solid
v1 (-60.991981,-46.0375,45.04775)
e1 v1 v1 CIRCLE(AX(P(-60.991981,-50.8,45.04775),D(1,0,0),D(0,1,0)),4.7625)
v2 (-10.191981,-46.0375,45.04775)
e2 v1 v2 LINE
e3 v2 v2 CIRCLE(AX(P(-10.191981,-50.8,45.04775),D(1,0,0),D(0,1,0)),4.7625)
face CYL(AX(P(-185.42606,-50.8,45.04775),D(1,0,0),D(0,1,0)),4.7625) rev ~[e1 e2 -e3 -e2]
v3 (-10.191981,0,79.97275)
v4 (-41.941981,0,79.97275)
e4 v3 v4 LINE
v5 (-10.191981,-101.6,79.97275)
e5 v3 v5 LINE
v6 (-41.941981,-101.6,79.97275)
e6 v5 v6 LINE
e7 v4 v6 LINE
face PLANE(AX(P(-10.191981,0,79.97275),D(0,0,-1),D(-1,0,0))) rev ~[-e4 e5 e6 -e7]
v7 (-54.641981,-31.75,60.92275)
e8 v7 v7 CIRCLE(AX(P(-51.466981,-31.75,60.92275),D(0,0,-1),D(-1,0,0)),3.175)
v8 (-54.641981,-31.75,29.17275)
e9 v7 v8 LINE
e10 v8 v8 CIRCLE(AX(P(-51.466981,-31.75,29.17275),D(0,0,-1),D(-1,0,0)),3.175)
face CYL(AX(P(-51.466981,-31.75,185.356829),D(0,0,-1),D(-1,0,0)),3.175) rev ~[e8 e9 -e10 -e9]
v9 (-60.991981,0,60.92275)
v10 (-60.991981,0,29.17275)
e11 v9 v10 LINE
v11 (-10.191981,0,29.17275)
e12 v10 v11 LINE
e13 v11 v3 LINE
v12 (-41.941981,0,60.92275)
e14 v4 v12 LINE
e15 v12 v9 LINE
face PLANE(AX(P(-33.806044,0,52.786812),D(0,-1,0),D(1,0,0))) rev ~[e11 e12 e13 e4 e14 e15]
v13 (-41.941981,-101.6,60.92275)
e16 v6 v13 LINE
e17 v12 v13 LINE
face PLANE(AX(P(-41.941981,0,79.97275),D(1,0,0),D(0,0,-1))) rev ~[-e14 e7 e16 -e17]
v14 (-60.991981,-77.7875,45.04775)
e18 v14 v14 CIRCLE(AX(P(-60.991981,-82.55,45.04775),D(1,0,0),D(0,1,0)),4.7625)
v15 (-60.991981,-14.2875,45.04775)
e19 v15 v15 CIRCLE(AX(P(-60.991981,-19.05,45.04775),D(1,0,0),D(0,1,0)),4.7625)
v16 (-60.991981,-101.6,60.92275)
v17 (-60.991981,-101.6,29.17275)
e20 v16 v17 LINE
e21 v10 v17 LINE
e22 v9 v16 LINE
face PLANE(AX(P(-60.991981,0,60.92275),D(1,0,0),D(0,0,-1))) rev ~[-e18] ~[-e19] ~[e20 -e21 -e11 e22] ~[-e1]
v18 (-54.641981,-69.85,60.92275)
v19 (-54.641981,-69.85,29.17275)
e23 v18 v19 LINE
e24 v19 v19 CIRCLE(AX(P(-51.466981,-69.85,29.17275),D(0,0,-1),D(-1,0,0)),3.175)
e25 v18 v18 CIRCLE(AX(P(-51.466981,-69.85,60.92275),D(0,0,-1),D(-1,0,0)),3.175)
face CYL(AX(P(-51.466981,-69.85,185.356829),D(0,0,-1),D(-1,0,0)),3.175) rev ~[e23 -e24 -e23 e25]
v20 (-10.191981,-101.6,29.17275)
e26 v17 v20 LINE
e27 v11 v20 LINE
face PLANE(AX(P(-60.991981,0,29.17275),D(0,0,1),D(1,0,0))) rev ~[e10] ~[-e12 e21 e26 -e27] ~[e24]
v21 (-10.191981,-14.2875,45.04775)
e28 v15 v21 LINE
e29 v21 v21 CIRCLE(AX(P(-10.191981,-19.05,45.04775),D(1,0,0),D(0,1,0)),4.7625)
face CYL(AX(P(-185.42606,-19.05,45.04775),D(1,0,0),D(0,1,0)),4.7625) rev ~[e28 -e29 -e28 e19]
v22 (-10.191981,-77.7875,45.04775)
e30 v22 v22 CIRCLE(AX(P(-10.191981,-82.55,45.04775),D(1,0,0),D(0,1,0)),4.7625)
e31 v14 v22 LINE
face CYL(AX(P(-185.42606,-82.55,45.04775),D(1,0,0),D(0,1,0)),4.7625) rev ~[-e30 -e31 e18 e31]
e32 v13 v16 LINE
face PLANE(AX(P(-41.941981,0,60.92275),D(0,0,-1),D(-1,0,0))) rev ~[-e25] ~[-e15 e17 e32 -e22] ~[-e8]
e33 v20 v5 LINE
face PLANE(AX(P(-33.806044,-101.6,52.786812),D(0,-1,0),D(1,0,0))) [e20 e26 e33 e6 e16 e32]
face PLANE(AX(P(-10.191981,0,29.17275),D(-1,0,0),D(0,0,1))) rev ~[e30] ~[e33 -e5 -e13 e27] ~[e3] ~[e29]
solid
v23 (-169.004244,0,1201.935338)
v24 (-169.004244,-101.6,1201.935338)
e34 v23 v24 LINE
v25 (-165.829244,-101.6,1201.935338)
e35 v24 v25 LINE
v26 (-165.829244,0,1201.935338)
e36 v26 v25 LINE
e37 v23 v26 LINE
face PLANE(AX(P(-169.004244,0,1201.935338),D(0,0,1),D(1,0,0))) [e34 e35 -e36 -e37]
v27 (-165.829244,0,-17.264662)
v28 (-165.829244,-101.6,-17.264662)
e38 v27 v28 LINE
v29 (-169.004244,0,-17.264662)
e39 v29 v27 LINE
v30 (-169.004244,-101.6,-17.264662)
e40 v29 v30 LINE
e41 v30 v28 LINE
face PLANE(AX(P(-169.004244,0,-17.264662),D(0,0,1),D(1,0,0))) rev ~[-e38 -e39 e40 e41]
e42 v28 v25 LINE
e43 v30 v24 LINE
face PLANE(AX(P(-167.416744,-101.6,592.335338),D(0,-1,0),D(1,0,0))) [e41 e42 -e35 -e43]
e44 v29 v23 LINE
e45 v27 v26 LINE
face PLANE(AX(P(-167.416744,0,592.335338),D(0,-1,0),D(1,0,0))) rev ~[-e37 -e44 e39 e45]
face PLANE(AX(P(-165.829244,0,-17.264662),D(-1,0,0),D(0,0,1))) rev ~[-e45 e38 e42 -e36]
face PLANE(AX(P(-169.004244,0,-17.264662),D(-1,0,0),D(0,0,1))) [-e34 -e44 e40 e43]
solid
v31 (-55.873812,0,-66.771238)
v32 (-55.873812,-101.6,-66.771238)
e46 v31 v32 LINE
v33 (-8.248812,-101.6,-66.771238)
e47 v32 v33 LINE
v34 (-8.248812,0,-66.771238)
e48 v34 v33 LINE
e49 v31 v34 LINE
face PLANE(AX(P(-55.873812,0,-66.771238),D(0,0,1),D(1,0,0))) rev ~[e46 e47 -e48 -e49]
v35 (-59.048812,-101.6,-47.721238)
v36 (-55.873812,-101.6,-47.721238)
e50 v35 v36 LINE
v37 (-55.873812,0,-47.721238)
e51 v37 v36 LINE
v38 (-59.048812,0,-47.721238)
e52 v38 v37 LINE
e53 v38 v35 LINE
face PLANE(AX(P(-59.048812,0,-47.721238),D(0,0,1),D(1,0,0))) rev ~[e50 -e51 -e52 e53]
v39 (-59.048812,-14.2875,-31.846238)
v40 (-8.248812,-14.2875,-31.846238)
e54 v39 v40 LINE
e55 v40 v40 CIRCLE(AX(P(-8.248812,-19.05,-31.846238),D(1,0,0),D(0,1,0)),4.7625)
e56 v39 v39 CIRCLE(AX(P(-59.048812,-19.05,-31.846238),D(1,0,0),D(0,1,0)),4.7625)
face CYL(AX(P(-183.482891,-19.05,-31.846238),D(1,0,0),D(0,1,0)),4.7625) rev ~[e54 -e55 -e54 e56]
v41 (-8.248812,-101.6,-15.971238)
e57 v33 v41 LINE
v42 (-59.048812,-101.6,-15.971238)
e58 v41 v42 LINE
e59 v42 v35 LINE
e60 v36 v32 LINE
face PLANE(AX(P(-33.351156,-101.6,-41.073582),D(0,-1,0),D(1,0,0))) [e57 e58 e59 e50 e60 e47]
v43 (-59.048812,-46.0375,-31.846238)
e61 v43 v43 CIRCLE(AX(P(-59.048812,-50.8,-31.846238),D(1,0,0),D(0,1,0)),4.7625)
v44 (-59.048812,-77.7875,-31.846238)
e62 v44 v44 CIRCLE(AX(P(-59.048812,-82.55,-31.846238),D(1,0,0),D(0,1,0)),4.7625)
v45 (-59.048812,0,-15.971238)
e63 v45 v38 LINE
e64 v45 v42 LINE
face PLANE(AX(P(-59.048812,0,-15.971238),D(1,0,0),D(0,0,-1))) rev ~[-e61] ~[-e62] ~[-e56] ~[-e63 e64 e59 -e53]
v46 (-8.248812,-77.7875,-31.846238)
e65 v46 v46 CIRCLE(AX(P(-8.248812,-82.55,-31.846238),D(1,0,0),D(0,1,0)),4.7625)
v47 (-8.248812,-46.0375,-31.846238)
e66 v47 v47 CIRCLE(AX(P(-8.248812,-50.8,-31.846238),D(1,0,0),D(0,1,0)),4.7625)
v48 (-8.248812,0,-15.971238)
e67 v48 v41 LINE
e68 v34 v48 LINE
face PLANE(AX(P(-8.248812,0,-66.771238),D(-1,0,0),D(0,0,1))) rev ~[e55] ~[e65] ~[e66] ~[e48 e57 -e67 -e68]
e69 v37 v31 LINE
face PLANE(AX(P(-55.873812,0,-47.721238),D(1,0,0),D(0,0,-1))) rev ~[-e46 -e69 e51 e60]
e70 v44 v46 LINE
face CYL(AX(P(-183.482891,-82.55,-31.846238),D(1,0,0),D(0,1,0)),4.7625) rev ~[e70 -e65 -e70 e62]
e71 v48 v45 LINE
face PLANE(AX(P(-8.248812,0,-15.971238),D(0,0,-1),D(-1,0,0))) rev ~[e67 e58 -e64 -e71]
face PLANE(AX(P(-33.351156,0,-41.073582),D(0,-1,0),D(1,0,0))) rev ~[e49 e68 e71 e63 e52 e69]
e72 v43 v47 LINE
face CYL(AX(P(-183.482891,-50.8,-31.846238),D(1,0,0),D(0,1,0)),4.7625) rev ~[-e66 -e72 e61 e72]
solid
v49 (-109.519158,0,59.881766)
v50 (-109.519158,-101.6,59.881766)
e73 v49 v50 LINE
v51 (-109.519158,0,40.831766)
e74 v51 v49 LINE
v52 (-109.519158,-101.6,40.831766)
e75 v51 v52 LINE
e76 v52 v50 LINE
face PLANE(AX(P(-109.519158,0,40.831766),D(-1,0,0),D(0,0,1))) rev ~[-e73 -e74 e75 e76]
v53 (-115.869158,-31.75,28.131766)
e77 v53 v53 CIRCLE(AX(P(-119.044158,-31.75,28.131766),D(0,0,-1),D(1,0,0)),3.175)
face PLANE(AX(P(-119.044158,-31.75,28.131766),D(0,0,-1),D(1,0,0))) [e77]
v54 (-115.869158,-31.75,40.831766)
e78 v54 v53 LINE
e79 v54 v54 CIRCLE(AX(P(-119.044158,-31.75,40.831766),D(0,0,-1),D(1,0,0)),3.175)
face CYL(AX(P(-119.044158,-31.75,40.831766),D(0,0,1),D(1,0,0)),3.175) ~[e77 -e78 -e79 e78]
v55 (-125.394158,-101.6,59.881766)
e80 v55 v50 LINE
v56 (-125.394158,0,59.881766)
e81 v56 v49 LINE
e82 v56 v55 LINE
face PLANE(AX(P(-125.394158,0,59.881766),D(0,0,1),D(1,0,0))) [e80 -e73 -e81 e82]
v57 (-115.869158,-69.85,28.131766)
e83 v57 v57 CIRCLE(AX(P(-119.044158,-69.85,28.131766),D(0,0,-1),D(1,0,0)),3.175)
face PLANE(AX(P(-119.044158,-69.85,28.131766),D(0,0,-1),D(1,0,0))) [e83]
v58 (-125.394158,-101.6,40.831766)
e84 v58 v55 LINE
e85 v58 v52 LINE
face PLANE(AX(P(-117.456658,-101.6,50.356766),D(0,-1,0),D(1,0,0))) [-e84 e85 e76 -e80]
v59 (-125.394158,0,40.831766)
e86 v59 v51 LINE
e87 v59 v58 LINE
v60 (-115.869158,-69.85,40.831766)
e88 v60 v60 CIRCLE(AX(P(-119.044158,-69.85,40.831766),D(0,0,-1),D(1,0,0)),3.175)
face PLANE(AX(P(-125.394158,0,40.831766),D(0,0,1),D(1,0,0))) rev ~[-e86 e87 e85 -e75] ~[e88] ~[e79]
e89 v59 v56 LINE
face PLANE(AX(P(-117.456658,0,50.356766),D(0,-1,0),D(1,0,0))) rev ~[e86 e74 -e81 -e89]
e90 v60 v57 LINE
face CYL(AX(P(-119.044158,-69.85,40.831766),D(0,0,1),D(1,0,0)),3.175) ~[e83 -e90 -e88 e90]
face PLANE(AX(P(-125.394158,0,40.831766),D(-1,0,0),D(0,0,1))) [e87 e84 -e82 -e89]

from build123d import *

# Parameters (mm, degrees)
F0_W      = 15.875
F0_H      = 19.05
F1_DEPTH  = 101.6
F2_DEPTH  = 101.6
F3_DEPTH  = 101.6
F5_D      = 6.35
F7_D      = 9.525
F8_R      = 3.175
F9_DEPTH  = 12.7
F11_D     = 9.525
F12_W     = 3.175
F12_H     = 1219.2
F13_DEPTH = 101.6


with BuildPart() as f1:
    # F0 (on Front) → F1 (new body)
    with BuildSketch(Plane.XZ):
        with Locations((-117.4566584981, 50.3567663363)):
            Rectangle(F0_W, F0_H)
    extrude(amount=F1_DEPTH)

    # F8 (on face) → F9 (join)
    with BuildSketch(Plane(origin=(0, 0, 40.8317663363), x_dir=(1, 0, 0), z_dir=(0, 0, -1))):
        with Locations((-119.0441584981, 69.85)):
            Circle(F8_R)
        with Locations((-119.0441584981, 31.75)):
            Circle(F8_R)
    extrude(amount=F9_DEPTH)


with BuildPart() as f2:
    # F0 (on Front) → F2 (new body)
    with BuildSketch(Plane.XZ):
        Polygon((-41.9419813405, 60.9227498979), (-60.9919813405, 60.9227498979), (-60.9919813405, 29.1727498979), (-10.1919813405, 29.1727498979), (-10.1919813405, 79.9727498979), (-41.9419813405, 79.9727498979), align=None)
    extrude(amount=F2_DEPTH)

    # F5 (through all)
    with Locations(Plane.XY.offset(60.9227498979)):
        with Locations((-51.4669813405, -31.75), (-51.4669813405, -69.85)):
            Hole(F5_D / 2)

    # F7 (through all)
    with Locations(Plane(origin=(-60.9919813405, 0, 0), x_dir=(0, -1, 0), z_dir=(-1, 0, 0))):
        with Locations((19.05, 45.0477498979), (50.8, 45.0477498979), (82.55, 45.0477498979)):
            Hole(F7_D / 2)


with BuildPart() as f3:
    # F0 (on Front) → F3 (new body)
    with BuildSketch(Plane.XZ):
        Polygon((-8.2488123913, -15.9712382287), (-59.0488123913, -15.9712382287), (-59.0488123913, -47.7212382287), (-55.8738123913, -47.7212382287), (-55.8738123913, -66.7712382287), (-8.2488123913, -66.7712382287), align=None)
    extrude(amount=F3_DEPTH)

    # F11 (through all)
    with Locations(Plane(origin=(-59.0488123913, 0, 0), x_dir=(0, -1, 0), z_dir=(-1, 0, 0))):
        with Locations((19.05, -31.8462382287), (50.8, -31.8462382287), (82.55, -31.8462382287)):
            Hole(F11_D / 2)


with BuildPart() as f13:
    # F12 (on Front) → F13 (new body)
    with BuildSketch(Plane.XZ):
        with Locations((-167.4167439342, 592.335337542)):
            Rectangle(F12_W, F12_H)
    extrude(amount=F13_DEPTH)


solid = Compound([f1.part, f2.part, f3.part, f13.part])
